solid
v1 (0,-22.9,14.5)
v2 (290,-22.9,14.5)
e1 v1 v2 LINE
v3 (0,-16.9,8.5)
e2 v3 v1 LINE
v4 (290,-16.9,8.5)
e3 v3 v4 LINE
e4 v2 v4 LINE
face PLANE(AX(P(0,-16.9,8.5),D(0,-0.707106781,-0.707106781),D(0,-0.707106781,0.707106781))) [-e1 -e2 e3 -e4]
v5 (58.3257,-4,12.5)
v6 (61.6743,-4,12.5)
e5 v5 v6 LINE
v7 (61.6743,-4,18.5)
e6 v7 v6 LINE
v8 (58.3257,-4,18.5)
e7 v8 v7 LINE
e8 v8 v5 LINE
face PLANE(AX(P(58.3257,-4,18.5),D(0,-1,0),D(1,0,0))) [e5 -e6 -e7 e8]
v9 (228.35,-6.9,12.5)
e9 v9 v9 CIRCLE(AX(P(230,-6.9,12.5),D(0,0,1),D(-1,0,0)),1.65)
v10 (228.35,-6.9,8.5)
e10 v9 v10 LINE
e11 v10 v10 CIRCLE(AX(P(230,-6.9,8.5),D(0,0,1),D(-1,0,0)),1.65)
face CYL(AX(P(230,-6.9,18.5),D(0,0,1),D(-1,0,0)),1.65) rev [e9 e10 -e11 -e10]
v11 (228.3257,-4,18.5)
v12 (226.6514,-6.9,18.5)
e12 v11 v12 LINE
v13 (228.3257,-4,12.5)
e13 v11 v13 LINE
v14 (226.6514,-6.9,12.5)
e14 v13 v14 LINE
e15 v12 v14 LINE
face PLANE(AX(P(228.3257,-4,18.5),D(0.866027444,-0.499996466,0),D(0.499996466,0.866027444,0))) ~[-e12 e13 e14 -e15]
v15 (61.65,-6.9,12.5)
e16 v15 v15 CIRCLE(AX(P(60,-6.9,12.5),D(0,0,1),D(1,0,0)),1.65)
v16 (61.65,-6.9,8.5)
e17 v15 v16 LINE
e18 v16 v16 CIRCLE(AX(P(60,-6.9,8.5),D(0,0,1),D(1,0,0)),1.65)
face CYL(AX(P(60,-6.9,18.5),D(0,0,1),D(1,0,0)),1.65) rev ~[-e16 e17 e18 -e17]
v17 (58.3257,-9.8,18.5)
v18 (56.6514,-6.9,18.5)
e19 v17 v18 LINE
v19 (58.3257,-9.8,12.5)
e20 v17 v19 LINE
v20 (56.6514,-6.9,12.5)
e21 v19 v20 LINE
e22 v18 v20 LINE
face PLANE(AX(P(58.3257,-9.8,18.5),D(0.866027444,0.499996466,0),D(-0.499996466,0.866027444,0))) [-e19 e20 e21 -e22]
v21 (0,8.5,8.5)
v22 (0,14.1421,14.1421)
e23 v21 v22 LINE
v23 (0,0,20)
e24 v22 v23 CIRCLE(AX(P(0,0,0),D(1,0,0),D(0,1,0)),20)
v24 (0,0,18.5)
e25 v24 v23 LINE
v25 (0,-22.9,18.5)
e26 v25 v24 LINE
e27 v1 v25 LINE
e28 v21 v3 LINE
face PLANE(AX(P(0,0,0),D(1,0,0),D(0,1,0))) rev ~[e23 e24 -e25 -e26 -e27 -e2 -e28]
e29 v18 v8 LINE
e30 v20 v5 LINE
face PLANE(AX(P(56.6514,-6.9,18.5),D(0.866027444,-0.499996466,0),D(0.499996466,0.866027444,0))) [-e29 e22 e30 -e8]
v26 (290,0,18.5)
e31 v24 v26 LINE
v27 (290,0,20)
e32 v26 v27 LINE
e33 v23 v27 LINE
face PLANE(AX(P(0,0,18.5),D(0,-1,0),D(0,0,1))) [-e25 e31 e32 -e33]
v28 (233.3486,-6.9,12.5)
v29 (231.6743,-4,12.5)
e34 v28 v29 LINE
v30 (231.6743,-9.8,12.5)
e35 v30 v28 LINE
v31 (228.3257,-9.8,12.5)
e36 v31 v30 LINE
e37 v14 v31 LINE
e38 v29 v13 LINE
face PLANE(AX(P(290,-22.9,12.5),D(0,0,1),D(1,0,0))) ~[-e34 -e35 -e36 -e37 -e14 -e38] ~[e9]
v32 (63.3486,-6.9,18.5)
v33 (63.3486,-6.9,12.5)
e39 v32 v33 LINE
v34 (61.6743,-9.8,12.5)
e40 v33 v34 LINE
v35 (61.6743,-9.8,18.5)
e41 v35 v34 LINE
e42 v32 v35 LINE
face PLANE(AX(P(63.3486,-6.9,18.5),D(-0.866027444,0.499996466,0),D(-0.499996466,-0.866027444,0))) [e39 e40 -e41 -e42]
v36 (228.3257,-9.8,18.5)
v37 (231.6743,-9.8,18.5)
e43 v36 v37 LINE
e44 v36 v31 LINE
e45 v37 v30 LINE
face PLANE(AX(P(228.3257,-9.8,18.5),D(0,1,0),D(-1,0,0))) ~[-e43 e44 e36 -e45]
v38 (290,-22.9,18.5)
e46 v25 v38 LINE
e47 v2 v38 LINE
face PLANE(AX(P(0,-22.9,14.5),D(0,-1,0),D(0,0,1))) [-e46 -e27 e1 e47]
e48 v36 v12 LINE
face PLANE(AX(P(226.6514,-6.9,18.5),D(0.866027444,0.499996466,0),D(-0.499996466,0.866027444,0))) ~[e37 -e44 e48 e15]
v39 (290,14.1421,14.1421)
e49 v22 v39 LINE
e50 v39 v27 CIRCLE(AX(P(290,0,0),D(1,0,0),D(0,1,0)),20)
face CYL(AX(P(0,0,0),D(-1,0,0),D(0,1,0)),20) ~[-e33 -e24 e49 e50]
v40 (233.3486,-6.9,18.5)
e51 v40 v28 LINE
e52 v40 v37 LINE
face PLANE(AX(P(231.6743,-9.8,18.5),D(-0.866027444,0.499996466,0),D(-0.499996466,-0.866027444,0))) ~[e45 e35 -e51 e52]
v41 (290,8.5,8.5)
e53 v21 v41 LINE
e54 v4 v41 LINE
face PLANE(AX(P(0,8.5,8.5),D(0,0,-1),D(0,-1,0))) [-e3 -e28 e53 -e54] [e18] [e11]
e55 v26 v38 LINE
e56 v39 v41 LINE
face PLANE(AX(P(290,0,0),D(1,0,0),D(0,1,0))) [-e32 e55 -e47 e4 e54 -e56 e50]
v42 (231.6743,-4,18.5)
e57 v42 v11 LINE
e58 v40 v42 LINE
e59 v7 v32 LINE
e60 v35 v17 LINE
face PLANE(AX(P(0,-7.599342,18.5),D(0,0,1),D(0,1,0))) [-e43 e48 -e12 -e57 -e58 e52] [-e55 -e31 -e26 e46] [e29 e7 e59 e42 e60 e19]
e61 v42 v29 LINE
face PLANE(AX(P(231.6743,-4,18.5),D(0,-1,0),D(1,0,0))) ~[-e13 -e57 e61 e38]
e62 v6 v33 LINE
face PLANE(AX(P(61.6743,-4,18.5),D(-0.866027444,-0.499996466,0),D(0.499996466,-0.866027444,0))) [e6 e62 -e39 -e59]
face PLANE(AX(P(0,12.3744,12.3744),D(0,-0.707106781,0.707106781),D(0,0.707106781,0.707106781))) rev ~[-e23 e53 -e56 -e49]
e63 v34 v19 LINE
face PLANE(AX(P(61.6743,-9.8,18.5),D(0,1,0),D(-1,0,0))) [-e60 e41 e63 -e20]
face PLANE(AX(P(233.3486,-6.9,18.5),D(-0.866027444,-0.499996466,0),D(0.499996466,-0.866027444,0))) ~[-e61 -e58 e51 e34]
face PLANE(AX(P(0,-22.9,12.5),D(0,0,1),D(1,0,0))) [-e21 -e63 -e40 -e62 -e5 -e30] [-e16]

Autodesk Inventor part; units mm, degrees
ref_plane "YZ Plane" through (0, 0, 0) normal (1, 0, 0) x (0, 1, 0)
ref_plane "XZ Plane" through (0, 0, 0) normal (0, 1, 0) x (-1, 0, 0)
ref_plane "XY Plane" through (0, 0, 0) normal (0, 0, 1) x (1, 0, 0)
sketch "Sketch1" plane through (0, 0, 0) normal (1, 0, 0) x (0, 1, 0)
  circle A0 centre (0, 0) radius 20
  line L0 (8.5, 8.5) -> (-16.9, 8.5)
  line L1 (8.5, 8.5) -> (8.5, -16.9)
  line L2 (0, 0) -> (0, 20)
  line L3 (0, 20) -> (-60.9241, 20)
  line L4 (-60.9241, 20) -> (-60.9241, 18.5)
  line L5 (-60.9241, 18.5) -> (0, 18.5)
  line L6 (0, 18.5) -> (0, 20)
  line L7 (0, 0) -> (14.1421, 14.1421)
  line L8 (0, 0) -> (20, 0)
  line L9 (-16.9, 8.5) -> (-16.9, 18.5)
  line L10 (-16.9, 8.5) -> (-22.9, 14.5)
  line L11 (-22.9, 14.5) -> (-22.9, 18.5)
  line L12 (12.3744, 12.3744) -> (12.1502, 13.2109)
  line L13 (11.3137, 13.435) -> (9.2071, 11.3284)
  line L14 (9.4313, 10.4919) -> (10.2678, 10.2678)
  line L15 (8.5, 8.5) -> (8.5, -16.9)
  line L16 (20, 0) -> (20, -60.9241)
  line L17 (20, -60.9241) -> (18.5, -60.9241)
  line L18 (18.5, -60.9241) -> (18.5, 0)
  line L19 (8.5, -16.9) -> (18.5, -16.9)
  line L20 (8.5, -16.9) -> (14.5, -22.9)
  line L21 (14.5, -22.9) -> (18.5, -22.9)
  arc A1 (9.2071, 11.3284) -> (9.4313, 10.4919) centre (9.5607, 10.9749) ccw
  arc A2 (12.1502, 13.2109) -> (11.3137, 13.435) centre (11.6673, 13.0815) ccw
  line L22 (10.4311, 10.4311) -> (9.483, 10.6851)
  arc A3 (9.3485, 11.187) -> (9.483, 10.6851) centre (9.5607, 10.9749) ccw
  line L23 (9.3485, 11.187) -> (11.4551, 13.2936)
  arc A4 (11.957, 13.1591) -> (11.4551, 13.2936) centre (11.6673, 13.0815) ccw
  line L24 (11.957, 13.1591) -> (12.2111, 12.2111)
  point P0 (0, 8.5)
  point P1 (-17.7041, 9.3041)
  point P2 (-16.9, 10.6953)
  dimension "d0" = 40
  dimension "d1" = 25.4
  dimension "d2" = 1.5
  dimension "d4" = 45
  dimension "d6" = 45
  dimension "d7" = 4
  dimension "d8" = 10
  dimension "d10" = 2.5
  dimension "d11" = 2.5
  dimension "d12" = 60
  dimension "d13" = 1.5
  dimension "d15" = 0.5
  dimension "d16" = 0.2
extrude "Extrusion1" add sketch "Sketch1" along normal blind 290 contours L7 L12 A2 L13 A1 L14 L0 L2 A0 | L7 L24 A4 L23 A3 L22 L14 A1 L13 A2 L12 | L5 L2 L0 L9 A0 | A0 L9 L5 | L7 L22 A3 L23 A4 L24 | L9 L10 A0 | A0 L10 L11 L5 L9
sketch "Sketch2" plane through (0, -22.9, 18.5) normal (0, 0, 1) x (1, 0, 0)
  line L0 (0, 22.9) -> (0, 0) projected
  line L1 (0, 0) -> (290, 0) projected
  line L2 (290, 22.9) -> (290, 0) projected
  line L3 (0, 22.9) -> (290, 22.9) projected
  line L4 (58.3257, 13.1) -> (56.6514, 16)
  line L5 (56.6514, 16) -> (58.3257, 18.9)
  line L6 (58.3257, 18.9) -> (61.6743, 18.9)
  line L7 (61.6743, 18.9) -> (63.3486, 16)
  line L8 (63.3486, 16) -> (61.6743, 13.1)
  line L9 (61.6743, 13.1) -> (58.3257, 13.1)
  line L10 (0, 6) -> (290, 6) projected
  circle A0 centre (60, 16) radius 1.65
  dimension "d20" = 10
  dimension "d21" = 5.8
  dimension "d22" = 60
  dimension "d25" = 3.3
extrude "Extrusion2" cut sketch "Sketch2" against normal blind 6 contours L4 L5 L6 L7 L8 L9 | A0
extrude "Extrusion3" cut sketch "Sketch2" against normal through all contours A0
sketch "Sketch3" plane through (0, -22.9, 18.5) normal (0, 0, 1) x (1, 0, 0)
  line L0 (0, 37.0421) -> (290, 37.0421) projected
  line L1 (0, 0) -> (290, 0) projected
  line L2 (0, 22.9) -> (0, 0) projected
  line L3 (0, 22.9) -> (0, 37.0421) projected
  line L4 (2.4384, 37.0421) -> (17.8575, 0)
  line L5 (0, 0) -> (290, 0) projected
  line L6 (2.4384, 37.0421) -> (0, 42.9) projected
  point P0 (0, 26.9698)
  dimension "d28" = 112.6
ref_plane "Work Plane1" through (145, 0, 0) normal (-1, 0, 0) x (0, 0, 1)
mirror "Mirror1" about plane through (145, 0, 0) normal (-1, 0, 0) of "Extrusion2", "Extrusion3"
properties part number "ESQUINA_REDONDEADA_R20" material "Steel, Mild, Welded"
